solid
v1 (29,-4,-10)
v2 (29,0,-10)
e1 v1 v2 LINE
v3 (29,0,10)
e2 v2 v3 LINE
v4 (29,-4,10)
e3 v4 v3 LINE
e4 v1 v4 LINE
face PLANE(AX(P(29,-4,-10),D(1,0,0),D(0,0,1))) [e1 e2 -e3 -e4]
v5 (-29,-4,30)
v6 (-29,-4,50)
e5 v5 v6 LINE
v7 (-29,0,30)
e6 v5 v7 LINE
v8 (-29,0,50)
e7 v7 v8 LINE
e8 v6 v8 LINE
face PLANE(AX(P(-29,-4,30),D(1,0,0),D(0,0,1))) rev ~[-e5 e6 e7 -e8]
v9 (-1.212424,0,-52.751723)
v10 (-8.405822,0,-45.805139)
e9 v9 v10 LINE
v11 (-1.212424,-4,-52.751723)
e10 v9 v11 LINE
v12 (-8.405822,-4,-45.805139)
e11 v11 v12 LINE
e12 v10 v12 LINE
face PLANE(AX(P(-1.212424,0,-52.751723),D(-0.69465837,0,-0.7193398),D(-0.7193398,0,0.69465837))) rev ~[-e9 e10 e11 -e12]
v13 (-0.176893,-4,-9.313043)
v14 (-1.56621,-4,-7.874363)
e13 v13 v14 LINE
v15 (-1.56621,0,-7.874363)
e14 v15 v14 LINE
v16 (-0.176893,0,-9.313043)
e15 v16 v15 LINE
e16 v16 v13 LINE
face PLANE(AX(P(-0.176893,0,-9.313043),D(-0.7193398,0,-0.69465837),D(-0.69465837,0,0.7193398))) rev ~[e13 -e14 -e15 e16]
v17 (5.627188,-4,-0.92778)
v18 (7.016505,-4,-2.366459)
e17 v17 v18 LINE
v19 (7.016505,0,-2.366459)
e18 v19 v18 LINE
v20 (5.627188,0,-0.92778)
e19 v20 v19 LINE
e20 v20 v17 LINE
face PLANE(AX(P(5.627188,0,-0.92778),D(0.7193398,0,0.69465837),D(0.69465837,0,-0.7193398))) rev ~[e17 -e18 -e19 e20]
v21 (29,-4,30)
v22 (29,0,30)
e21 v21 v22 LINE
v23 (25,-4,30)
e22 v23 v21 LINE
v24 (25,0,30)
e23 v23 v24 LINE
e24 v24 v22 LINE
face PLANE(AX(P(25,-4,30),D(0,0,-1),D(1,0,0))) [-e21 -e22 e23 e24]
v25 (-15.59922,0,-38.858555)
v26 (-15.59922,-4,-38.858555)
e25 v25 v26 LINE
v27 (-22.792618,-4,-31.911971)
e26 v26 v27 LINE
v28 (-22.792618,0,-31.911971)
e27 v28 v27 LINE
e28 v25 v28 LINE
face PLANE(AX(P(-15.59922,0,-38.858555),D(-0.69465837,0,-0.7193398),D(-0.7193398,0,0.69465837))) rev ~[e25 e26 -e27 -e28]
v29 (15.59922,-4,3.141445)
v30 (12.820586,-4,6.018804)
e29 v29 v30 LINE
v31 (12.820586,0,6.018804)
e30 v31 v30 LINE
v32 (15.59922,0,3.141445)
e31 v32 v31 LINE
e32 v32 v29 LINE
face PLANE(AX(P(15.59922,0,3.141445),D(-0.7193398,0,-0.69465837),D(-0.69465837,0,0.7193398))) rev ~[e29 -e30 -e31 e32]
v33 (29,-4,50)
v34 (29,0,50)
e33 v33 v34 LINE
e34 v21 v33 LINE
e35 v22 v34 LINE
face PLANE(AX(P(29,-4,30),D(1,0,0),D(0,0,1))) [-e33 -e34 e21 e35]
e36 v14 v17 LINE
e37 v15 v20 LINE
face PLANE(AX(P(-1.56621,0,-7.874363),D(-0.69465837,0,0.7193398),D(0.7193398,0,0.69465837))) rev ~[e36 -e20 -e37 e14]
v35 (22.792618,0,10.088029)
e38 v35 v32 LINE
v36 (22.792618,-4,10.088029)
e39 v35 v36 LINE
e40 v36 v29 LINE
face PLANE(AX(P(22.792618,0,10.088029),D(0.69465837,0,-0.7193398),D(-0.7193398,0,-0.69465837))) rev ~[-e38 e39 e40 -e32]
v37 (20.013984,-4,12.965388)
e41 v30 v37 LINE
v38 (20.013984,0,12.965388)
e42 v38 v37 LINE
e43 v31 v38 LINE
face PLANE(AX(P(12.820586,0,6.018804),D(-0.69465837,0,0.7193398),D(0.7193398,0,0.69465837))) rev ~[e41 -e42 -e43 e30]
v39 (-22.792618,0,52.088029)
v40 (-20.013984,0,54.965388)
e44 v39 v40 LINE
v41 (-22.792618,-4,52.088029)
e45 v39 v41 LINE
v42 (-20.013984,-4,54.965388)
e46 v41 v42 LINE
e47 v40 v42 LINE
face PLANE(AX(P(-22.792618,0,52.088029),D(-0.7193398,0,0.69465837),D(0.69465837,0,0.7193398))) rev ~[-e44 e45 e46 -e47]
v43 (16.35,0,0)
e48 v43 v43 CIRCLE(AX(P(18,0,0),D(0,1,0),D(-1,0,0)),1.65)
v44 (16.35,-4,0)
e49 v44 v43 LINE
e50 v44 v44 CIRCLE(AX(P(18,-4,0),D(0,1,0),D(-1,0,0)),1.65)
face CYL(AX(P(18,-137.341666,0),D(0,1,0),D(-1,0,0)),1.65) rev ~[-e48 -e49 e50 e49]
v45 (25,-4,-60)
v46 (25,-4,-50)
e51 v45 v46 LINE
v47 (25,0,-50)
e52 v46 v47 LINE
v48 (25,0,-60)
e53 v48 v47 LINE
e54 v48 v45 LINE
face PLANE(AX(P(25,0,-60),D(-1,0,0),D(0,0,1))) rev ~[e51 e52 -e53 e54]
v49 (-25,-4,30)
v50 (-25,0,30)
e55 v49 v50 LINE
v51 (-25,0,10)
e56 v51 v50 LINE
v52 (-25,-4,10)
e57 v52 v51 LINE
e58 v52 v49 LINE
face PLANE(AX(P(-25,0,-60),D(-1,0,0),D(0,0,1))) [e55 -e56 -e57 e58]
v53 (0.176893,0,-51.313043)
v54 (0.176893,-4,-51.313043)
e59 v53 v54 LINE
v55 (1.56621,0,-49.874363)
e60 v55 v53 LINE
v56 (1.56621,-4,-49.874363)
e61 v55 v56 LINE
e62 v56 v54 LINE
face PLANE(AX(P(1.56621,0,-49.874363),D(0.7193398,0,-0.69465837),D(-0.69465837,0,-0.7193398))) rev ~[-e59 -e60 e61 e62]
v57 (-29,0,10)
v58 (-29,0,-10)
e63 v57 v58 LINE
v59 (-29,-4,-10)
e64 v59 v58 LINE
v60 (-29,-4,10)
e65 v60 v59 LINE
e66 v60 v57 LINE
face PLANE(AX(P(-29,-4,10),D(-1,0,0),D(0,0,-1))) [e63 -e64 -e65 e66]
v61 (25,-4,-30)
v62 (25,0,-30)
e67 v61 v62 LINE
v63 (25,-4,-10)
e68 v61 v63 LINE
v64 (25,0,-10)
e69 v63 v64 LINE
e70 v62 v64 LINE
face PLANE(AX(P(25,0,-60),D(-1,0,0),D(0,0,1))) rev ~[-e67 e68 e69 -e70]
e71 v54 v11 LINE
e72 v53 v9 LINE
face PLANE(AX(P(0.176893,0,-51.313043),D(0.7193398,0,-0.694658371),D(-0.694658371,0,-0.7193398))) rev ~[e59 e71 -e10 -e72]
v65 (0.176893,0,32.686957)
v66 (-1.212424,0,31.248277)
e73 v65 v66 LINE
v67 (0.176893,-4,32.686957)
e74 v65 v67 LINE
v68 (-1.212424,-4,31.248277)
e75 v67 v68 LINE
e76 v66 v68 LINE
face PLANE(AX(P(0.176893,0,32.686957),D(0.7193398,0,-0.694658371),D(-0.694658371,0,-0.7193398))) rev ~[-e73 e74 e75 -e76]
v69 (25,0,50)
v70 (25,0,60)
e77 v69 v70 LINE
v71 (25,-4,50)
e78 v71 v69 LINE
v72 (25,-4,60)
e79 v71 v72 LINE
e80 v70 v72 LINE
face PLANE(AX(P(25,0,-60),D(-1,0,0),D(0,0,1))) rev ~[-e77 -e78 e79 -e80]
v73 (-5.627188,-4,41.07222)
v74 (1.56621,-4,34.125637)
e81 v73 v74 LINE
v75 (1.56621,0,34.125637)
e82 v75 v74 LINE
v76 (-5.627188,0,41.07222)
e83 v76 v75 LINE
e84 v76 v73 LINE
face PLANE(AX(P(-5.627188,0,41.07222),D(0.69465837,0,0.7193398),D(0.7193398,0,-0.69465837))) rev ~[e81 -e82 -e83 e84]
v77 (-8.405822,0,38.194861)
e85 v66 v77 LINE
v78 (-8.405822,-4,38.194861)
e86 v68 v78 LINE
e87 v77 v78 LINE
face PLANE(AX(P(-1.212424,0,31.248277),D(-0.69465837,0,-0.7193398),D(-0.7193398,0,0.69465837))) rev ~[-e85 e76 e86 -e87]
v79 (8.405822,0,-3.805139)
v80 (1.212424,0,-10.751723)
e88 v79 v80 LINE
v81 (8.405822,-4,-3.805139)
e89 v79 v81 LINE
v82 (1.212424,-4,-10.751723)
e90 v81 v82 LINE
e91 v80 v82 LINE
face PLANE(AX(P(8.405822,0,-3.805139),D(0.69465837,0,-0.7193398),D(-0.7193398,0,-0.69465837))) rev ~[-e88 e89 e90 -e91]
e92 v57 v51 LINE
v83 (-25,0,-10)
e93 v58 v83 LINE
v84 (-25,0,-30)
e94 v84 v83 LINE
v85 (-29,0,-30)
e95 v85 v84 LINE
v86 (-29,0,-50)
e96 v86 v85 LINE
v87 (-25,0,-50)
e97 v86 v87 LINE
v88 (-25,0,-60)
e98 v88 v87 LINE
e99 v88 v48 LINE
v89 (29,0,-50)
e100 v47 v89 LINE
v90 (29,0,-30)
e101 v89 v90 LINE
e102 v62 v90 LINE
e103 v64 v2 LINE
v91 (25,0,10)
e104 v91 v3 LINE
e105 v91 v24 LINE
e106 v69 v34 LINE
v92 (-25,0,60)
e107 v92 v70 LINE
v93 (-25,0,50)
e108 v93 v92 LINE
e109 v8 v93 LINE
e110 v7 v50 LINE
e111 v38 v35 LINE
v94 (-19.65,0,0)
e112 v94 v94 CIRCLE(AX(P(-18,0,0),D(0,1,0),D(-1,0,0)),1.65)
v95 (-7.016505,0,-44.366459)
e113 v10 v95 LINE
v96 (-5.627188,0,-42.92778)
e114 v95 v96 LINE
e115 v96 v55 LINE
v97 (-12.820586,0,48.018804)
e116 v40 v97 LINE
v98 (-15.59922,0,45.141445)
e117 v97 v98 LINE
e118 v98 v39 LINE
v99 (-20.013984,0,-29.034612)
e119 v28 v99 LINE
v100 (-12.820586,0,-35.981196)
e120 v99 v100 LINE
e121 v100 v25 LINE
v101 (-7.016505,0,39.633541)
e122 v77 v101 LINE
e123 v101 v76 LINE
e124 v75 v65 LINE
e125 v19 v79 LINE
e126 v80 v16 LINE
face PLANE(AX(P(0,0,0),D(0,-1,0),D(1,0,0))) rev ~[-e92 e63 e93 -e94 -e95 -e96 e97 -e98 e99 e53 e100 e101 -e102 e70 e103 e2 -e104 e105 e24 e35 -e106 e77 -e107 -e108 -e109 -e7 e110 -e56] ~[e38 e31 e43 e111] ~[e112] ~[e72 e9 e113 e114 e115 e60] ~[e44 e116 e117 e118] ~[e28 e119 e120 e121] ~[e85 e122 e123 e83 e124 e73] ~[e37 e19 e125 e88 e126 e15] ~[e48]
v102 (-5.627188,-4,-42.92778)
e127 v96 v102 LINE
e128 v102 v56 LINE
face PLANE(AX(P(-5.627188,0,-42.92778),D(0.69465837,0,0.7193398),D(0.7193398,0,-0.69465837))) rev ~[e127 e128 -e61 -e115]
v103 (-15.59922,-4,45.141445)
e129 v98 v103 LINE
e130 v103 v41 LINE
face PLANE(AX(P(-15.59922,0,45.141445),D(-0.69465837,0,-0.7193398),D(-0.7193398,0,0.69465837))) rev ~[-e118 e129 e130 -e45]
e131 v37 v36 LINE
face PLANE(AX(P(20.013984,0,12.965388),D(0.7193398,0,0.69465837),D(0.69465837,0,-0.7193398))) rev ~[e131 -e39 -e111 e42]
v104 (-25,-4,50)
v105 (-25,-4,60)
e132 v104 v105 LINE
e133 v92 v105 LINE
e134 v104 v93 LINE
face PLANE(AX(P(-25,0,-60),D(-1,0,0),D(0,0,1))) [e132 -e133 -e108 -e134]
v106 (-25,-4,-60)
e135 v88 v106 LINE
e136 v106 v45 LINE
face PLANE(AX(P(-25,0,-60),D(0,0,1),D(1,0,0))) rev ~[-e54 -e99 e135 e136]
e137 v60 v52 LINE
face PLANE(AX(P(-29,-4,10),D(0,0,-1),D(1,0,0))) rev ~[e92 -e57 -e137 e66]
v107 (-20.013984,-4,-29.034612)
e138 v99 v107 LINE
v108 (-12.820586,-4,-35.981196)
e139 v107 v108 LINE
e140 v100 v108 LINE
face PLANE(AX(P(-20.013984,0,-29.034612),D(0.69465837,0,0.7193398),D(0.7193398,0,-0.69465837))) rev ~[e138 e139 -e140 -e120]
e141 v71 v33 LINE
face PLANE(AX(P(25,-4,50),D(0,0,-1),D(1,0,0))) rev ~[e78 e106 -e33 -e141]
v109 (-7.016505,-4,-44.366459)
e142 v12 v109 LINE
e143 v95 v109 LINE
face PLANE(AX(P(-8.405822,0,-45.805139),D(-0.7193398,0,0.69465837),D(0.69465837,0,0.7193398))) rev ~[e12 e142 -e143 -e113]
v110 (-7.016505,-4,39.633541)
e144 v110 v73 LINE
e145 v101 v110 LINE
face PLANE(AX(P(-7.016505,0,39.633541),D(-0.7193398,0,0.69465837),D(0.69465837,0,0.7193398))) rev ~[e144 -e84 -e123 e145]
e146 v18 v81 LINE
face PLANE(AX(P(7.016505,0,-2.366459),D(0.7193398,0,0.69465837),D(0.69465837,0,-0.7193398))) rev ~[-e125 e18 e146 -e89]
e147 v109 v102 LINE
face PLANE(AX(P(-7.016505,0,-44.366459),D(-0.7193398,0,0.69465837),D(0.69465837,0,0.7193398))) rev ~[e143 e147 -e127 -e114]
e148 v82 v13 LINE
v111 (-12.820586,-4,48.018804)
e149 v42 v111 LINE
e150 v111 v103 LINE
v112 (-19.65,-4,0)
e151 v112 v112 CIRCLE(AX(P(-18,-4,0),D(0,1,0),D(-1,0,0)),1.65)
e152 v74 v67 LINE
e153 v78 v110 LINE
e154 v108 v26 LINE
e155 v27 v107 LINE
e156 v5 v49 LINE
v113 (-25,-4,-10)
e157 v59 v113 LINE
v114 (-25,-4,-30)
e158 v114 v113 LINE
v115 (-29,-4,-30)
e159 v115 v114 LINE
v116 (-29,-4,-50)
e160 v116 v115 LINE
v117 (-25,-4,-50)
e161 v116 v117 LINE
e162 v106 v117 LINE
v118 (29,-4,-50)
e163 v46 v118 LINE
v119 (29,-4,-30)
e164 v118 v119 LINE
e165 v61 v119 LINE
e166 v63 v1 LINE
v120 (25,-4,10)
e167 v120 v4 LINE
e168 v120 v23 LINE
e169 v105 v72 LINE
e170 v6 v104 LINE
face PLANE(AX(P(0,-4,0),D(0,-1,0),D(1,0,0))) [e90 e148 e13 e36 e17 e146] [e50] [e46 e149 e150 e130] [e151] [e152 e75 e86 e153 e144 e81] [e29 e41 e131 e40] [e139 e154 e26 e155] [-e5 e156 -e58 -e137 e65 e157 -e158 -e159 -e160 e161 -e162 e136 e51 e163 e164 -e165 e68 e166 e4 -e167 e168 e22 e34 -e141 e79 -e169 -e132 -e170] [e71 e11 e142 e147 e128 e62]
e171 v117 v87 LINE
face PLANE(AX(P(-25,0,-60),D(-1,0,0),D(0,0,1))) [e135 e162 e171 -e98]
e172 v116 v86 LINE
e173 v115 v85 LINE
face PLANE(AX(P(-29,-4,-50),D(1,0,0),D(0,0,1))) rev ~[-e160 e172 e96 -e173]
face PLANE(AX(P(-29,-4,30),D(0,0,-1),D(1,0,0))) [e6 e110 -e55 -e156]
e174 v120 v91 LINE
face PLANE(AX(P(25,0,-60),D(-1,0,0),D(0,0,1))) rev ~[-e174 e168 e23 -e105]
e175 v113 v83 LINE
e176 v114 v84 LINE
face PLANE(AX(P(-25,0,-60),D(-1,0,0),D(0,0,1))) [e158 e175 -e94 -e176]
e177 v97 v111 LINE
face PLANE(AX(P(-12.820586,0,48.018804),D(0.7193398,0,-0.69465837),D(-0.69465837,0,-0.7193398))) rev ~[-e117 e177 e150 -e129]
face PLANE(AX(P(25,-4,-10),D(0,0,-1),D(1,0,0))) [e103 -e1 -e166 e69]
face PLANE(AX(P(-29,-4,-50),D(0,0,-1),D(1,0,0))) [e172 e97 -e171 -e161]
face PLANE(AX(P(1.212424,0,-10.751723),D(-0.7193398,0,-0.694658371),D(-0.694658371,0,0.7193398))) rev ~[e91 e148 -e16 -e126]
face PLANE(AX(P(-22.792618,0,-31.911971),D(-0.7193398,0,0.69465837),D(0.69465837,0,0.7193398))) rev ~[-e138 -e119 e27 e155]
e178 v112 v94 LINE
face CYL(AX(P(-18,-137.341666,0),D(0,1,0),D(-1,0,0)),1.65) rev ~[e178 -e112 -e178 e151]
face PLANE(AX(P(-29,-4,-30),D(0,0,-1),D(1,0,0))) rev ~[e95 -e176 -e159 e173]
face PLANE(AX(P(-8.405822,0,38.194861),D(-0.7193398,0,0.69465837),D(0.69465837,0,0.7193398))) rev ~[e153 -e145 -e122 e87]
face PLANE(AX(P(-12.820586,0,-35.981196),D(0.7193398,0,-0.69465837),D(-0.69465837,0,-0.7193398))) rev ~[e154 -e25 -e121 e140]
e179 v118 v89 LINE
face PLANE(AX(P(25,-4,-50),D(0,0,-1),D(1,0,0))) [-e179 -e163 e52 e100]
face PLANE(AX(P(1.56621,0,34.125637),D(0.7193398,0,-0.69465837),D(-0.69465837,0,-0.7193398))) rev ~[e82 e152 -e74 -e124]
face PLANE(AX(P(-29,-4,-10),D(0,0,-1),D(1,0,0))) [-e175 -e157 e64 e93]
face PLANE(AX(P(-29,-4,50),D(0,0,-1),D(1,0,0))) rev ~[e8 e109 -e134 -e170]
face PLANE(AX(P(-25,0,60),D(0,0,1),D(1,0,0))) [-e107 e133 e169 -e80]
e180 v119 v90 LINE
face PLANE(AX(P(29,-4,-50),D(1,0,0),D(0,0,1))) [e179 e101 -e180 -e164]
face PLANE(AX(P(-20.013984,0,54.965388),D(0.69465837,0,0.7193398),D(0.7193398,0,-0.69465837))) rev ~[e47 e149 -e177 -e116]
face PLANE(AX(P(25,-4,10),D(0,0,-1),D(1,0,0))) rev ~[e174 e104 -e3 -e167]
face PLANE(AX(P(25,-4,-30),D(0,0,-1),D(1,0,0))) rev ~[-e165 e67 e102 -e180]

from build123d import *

# Parameters (mm, degrees)
F0_W     = 50
F0_H     = 120
F1_DEPTH = 4
F2_W     = 4
F2_H     = 20
F2_H_2   = 10
F3_DEPTH = 4
F5_D     = 3.3


with BuildPart() as f1:
    # F0 (on Front) → F1 (new body)
    with BuildSketch(Plane.XZ):
        Rectangle(F0_W, F0_H)
        Polygon((-21.4033009983, -30.4732918523), (-20.0139842574, -29.0346122516), (-12.820586254, -35.9811959562), (-14.2099029949, -37.4198755569), (-15.5992197358, -38.8585551576), (-22.7926177392, -31.911971453), align=None, mode=Mode.SUBTRACT)
        Polygon((-1.2124237291, -52.7517225667), (-8.4058217325, -45.8051388622), (-7.0165049915, -44.3664592615), (-5.6271882506, -42.9277796608), (1.5662097528, -49.8743633654), (0.1768930119, -51.3130429661), align=None, mode=Mode.SUBTRACT)
        Polygon((5.6271882506, -0.9277796608), (7.0165049915, -2.3664592615), (8.4058217325, -3.8051388622), (1.2124237291, -10.7517225667), (-0.1768930119, -9.3130429661), (-1.5662097528, -7.8743633654), align=None, mode=Mode.SUBTRACT)
        Polygon((-22.7926177392, 52.088028547), (-21.4033009983, 53.5267081477), (-20.0139842574, 54.9653877484), (-12.820586254, 48.0188040438), (-14.2099029949, 46.5801244431), (-15.5992197358, 45.1414448424), align=None, mode=Mode.SUBTRACT)
        Polygon((-8.4058217325, 38.1948611378), (-7.0165049915, 39.6335407385), (-5.6271882506, 41.0722203392), (1.5662097528, 34.1256366346), (0.1768930119, 32.6869570339), (-1.2124237291, 31.2482774333), align=None, mode=Mode.SUBTRACT)
        Polygon((20.0139842574, 12.9653877484), (21.4033009983, 11.5267081477), (22.7926177392, 10.088028547), (15.5992197358, 3.1414448424), (14.2099029949, 4.5801244431), (12.820586254, 6.0188040438), align=None, mode=Mode.SUBTRACT)
    extrude(amount=F1_DEPTH)

    # F2 (on face) → F3 (join)
    with BuildSketch(Plane.XZ.offset(4)):
        with Locations((-27, 40)):
            Rectangle(F2_W, F2_H)
        with Locations((-27, -5)):
            Rectangle(F2_W, F2_H_2)
        with Locations((-27, 5)):
            Rectangle(F2_W, F2_H_2)
        with Locations((-27, -40)):
            Rectangle(F2_W, F2_H)
        with Locations((27, 5)):
            Rectangle(F2_W, F2_H_2)
        with Locations((27, -5)):
            Rectangle(F2_W, F2_H_2)
        with Locations((27, 40)):
            Rectangle(F2_W, F2_H)
        with Locations((27, -40)):
            Rectangle(F2_W, F2_H)
    extrude(amount=-F3_DEPTH)

    # F5 (through all)
    with Locations(Plane.XZ.offset(4)):
        with Locations((-18, 0), (18, 0)):
            Hole(F5_D / 2)


solid = f1.part
